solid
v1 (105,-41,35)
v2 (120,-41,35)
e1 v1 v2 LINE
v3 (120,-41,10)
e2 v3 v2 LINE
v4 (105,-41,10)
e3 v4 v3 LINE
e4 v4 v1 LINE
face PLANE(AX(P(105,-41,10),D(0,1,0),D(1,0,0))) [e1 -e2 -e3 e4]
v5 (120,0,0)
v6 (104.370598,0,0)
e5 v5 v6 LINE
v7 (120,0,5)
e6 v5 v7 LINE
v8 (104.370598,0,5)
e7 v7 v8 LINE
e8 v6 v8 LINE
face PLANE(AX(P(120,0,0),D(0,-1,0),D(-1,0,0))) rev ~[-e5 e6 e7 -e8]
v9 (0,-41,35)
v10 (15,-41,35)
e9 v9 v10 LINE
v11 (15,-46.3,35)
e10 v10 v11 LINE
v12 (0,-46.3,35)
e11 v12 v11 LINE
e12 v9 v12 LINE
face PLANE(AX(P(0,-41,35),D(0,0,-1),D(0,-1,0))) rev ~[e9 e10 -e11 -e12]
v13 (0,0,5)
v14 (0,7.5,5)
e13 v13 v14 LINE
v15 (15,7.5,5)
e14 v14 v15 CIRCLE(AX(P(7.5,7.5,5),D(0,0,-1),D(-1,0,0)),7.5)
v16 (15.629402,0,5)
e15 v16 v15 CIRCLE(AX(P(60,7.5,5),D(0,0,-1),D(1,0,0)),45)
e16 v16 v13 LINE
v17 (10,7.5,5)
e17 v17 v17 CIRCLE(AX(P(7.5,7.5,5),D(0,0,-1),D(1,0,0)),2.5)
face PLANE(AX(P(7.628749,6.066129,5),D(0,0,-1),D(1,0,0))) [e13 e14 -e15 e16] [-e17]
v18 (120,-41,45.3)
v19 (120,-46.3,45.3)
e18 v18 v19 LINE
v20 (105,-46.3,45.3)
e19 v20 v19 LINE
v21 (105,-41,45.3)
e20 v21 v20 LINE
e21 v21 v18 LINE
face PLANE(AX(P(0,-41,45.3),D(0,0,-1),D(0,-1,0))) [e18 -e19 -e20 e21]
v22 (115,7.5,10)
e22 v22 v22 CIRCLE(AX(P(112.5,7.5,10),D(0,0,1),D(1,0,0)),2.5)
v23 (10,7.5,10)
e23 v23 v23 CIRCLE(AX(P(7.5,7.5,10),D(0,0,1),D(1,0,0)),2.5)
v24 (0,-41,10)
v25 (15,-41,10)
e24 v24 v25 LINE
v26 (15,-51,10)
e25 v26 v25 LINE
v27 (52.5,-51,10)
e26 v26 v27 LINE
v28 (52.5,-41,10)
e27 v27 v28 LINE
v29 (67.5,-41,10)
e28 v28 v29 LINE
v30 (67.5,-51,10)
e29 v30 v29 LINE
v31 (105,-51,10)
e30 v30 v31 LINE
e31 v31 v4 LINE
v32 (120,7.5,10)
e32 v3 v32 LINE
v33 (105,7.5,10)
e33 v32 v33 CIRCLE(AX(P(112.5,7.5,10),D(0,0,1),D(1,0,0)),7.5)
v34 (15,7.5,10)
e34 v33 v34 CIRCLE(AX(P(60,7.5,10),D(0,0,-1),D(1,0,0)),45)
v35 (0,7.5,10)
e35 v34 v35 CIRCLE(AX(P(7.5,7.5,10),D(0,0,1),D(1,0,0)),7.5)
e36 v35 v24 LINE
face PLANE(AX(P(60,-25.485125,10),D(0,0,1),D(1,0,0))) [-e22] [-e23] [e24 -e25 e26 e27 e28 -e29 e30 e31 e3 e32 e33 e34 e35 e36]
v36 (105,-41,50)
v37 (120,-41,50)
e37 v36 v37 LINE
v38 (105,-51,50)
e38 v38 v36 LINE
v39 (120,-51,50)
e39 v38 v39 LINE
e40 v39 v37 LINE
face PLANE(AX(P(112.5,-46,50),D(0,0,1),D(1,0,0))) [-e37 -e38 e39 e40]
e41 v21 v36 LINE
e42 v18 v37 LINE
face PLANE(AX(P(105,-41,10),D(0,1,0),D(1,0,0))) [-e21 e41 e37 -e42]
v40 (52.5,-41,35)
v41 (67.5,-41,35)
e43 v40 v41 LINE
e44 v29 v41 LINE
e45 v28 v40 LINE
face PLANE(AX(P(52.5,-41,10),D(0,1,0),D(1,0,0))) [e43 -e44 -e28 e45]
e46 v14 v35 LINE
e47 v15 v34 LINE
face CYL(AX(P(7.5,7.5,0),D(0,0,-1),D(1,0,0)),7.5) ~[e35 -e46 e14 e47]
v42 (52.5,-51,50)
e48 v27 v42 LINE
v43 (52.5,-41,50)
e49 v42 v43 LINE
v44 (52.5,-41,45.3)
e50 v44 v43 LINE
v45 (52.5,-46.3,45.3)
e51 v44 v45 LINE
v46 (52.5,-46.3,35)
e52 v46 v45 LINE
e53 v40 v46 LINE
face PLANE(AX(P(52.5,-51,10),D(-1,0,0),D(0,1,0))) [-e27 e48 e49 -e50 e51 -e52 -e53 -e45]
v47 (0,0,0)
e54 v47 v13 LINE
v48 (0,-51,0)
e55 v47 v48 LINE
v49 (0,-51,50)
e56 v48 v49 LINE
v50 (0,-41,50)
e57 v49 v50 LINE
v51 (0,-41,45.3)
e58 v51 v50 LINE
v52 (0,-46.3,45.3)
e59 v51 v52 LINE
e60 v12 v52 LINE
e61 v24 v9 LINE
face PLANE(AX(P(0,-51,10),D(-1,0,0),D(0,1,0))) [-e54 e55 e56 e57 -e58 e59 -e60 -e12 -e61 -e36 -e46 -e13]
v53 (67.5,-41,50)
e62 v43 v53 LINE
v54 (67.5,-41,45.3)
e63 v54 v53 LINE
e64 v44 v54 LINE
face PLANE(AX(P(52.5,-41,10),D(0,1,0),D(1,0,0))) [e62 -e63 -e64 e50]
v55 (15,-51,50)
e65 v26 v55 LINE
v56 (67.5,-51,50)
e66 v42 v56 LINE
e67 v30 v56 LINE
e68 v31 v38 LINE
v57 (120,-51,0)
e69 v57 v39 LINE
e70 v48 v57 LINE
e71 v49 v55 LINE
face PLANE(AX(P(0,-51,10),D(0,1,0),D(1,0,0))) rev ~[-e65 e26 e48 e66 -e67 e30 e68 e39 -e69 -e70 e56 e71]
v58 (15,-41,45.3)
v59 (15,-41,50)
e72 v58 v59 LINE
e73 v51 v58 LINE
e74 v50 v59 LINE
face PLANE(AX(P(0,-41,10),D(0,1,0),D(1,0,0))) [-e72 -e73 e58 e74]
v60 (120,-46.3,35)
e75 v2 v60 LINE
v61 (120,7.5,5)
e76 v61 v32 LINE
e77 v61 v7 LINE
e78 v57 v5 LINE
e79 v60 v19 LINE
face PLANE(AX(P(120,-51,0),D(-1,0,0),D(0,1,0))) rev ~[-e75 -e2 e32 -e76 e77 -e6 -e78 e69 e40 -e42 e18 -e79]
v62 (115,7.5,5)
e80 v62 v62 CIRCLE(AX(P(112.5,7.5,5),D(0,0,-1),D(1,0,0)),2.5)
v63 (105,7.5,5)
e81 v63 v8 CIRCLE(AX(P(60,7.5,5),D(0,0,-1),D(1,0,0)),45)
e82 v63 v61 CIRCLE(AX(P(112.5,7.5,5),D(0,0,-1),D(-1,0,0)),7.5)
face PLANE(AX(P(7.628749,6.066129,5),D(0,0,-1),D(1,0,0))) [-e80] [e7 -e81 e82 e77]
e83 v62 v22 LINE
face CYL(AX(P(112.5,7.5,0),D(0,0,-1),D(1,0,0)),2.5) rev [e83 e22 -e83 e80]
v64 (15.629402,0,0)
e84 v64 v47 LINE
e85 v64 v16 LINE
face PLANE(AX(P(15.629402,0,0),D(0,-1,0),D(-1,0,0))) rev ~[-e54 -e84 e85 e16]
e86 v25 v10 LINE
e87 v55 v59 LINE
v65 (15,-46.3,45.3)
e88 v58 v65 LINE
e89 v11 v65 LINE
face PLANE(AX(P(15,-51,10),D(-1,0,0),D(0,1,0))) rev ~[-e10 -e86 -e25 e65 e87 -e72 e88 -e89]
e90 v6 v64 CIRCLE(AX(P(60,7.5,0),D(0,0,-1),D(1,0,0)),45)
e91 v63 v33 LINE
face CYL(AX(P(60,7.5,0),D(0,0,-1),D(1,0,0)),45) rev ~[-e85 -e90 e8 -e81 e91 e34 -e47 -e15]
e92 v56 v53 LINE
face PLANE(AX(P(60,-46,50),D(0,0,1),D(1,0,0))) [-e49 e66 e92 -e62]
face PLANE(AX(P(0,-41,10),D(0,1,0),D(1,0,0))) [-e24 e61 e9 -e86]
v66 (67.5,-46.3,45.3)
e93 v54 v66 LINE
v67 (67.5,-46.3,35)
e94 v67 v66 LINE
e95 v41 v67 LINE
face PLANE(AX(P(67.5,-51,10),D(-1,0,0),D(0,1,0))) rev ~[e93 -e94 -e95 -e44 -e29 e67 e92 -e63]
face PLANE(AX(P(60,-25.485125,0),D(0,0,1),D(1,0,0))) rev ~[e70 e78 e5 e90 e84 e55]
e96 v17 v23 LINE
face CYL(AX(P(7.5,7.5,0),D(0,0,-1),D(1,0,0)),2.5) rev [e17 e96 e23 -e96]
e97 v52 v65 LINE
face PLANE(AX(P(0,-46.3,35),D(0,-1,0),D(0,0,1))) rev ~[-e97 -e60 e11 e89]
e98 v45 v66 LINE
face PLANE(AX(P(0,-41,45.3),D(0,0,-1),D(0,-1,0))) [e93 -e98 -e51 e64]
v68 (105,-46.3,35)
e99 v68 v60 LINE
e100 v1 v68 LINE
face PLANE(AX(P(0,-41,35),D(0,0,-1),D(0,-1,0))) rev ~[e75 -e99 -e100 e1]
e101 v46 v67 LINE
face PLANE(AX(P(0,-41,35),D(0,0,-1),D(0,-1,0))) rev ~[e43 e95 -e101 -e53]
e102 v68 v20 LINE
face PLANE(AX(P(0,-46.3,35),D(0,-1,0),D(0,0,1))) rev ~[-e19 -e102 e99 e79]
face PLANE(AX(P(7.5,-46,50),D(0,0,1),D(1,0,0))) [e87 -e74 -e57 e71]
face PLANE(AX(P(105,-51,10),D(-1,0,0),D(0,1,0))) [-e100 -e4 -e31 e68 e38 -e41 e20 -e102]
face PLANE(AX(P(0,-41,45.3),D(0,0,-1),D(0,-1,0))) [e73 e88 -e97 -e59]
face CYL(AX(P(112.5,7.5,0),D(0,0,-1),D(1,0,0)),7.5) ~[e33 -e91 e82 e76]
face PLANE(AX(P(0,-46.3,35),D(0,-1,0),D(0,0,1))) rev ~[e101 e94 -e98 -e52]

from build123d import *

# Parameters (mm, degrees)
F0_R     = 2.5
F1_DEPTH = 10
F3_DEPTH = 5
F4_W     = 15
F4_H     = 10
F5_DEPTH = 40
F6_W     = 5.3
F6_H     = 10.3
F7_DEPTH = 120.001


with BuildPart() as f1:
    # F0 (on Top) → F1 (new body)
    with BuildSketch(Plane.XY):
        with BuildLine():
            ThreePointArc((105, 7.5), (60, -37.5), (15, 7.5))
            ThreePointArc((15, 7.5), (7.5, 15), (0, 7.5))
            Line((0, 7.5), (0, -51))
            Line((0, -51), (120, -51))
            Line((120, -51), (120, 7.5))
            ThreePointArc((120, 7.5), (112.5, 15), (105, 7.5))
        make_face()
        with Locations((7.5, 7.5)):
            Circle(F0_R, mode=Mode.SUBTRACT)
        with Locations((112.5, 7.5)):
            Circle(F0_R, mode=Mode.SUBTRACT)
    extrude(amount=F1_DEPTH)

    # F2 (on face) → F3 (cut)
    with BuildSketch(Plane(origin=(0, 0, 0), x_dir=(1, 0, 0), z_dir=(0, 0, -1))):
        with BuildLine():
            ThreePointArc((0, -7.5), (7.5, -15), (15, -7.5))
            ThreePointArc((15, -7.5), (15.157626, -3.736818), (15.629402, 0))
            Line((15.629402, 0), (0, 0))
            Line((0, 0), (0, -7.5))
        make_face()
        with BuildLine():
            ThreePointArc((15.629402, 0), (15.157626, -3.736818), (15, -7.5))
            ThreePointArc((15, -7.5), (60, -52.5), (105, -7.5))
            ThreePointArc((105, -7.5), (112.5, -15), (120, -7.5))
            Line((120, -7.5), (120, 0))
            Line((120, 0), (104.370598, 0))
            ThreePointArc((104.370598, 0), (60, 37.5), (15.629402, 0))
        make_face()
    extrude(amount=-F3_DEPTH, mode=Mode.SUBTRACT)

    # F4 (on face) → F5 (join)
    with BuildSketch(Plane.XY.offset(10)):
        with Locations((7.5, -46)):
            Rectangle(F4_W, F4_H)
        with Locations((112.5, -46)):
            Rectangle(F4_W, F4_H)
        with Locations((60, -46)):
            Rectangle(F4_W, F4_H)
    extrude(amount=F5_DEPTH)

    # F6 (on face) → F7 (cut, through all)
    with BuildSketch(Plane(origin=(0, 0, 0), x_dir=(0, -1, 0), z_dir=(-1, 0, 0))):
        with Locations((43.65, 40.15)):
            Rectangle(F6_W, F6_H)
    extrude(amount=-F7_DEPTH, mode=Mode.SUBTRACT)


solid = f1.part
